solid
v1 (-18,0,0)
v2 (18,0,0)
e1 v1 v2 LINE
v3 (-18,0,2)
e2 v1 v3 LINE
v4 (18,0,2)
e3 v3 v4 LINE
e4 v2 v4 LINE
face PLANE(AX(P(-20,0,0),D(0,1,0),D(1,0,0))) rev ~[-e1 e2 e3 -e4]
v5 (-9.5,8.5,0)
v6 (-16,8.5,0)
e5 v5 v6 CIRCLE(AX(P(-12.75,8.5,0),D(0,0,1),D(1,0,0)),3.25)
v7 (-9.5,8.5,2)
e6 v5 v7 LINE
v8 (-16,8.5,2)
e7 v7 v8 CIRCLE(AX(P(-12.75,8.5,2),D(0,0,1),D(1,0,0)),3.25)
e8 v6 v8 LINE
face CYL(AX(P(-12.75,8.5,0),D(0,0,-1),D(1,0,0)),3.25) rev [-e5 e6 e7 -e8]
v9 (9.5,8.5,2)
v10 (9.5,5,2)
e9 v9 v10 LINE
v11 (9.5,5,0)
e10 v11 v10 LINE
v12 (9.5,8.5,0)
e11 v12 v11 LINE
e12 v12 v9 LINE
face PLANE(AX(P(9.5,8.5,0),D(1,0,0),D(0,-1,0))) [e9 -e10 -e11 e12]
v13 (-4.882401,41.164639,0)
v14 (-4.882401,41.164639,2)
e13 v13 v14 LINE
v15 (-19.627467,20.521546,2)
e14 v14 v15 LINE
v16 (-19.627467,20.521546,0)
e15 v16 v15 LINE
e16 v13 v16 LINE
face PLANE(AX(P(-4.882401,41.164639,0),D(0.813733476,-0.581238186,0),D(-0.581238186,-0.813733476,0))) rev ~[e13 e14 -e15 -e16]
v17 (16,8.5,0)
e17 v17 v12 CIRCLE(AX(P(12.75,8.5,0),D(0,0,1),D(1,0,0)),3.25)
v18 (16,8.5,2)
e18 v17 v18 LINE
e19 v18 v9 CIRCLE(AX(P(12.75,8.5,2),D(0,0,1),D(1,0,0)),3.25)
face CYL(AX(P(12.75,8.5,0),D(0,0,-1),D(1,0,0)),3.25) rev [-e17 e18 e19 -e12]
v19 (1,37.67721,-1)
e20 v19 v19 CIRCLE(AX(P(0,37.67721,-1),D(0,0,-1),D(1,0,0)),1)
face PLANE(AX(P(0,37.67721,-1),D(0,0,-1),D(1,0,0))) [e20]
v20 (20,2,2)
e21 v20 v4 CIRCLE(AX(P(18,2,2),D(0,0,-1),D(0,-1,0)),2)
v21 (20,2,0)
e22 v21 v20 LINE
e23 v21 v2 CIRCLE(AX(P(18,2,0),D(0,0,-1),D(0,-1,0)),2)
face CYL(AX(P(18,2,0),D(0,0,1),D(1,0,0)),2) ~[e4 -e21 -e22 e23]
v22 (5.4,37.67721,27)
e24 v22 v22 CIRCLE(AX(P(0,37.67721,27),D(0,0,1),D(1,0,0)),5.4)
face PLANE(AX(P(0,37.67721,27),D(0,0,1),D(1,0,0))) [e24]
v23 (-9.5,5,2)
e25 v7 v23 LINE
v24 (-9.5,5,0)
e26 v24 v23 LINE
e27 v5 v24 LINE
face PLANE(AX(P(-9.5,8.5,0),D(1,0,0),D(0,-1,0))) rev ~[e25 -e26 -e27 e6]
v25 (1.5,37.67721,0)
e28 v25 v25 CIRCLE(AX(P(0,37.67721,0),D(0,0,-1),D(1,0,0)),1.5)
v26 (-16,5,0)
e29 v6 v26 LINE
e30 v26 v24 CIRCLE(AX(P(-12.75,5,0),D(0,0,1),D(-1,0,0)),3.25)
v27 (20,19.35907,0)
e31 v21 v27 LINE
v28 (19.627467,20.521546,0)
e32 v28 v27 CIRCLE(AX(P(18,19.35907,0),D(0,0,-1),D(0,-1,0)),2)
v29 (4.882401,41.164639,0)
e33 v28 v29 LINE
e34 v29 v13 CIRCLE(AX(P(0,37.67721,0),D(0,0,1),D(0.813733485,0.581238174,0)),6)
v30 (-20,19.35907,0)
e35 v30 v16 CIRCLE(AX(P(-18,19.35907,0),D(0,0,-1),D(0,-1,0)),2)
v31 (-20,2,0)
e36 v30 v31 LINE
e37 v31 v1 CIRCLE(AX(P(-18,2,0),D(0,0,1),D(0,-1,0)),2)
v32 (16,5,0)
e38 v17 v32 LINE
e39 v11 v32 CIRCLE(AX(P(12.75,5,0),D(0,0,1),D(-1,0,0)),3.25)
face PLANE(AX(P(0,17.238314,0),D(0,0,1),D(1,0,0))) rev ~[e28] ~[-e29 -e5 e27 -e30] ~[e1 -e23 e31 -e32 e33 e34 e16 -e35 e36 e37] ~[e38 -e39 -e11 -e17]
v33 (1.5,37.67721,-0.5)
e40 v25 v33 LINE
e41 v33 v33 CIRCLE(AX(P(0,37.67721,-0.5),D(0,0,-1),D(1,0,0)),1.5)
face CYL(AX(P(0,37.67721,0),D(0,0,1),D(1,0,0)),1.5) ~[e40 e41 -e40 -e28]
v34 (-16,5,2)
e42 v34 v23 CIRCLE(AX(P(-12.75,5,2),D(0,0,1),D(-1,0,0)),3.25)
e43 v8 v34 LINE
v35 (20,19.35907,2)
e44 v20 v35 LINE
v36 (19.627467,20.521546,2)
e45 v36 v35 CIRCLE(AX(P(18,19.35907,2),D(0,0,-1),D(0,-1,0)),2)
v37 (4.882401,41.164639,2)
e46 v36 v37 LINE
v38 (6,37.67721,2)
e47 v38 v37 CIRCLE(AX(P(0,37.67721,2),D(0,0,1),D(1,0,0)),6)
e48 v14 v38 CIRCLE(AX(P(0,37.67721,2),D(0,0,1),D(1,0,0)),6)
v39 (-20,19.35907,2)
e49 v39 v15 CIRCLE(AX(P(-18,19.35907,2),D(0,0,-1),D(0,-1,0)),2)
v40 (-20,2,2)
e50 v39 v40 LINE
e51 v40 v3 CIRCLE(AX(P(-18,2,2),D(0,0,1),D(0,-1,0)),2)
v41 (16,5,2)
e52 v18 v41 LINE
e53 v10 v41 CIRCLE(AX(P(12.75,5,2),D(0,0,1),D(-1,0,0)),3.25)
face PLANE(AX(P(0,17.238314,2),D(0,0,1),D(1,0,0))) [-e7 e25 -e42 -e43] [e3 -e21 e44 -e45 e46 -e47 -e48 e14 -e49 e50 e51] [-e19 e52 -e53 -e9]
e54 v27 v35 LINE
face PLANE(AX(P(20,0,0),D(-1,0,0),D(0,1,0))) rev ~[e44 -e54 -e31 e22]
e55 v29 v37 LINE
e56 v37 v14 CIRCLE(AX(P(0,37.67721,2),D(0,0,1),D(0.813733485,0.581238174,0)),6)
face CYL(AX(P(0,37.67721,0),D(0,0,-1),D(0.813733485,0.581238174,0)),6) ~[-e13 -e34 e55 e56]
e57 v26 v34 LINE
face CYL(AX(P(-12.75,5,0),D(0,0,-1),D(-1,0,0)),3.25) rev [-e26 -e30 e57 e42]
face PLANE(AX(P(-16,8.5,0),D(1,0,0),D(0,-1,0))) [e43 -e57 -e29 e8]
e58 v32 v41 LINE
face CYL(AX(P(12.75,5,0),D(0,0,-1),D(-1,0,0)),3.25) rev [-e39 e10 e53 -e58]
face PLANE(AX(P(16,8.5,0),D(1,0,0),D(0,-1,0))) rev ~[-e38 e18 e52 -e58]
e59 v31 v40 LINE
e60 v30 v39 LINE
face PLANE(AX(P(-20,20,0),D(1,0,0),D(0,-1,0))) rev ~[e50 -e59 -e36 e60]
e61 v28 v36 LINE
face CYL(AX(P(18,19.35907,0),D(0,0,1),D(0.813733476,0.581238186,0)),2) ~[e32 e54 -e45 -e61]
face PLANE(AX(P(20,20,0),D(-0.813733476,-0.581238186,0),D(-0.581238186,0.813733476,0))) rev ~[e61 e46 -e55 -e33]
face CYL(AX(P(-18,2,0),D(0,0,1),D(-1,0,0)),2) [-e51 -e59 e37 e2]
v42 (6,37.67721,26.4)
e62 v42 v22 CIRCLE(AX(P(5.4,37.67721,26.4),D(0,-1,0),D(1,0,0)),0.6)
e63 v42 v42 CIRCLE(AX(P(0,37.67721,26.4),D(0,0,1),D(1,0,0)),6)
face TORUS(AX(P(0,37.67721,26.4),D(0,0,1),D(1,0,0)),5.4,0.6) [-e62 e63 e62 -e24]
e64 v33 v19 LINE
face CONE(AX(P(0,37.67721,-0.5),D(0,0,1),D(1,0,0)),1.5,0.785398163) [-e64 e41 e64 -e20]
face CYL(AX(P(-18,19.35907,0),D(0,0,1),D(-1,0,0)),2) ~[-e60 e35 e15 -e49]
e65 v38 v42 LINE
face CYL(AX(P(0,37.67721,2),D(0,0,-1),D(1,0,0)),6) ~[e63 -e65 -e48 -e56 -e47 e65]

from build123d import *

# Parameters (mm, degrees)
PAD_DEPTH    = 2
SKETCH001_R  = 6
PAD001_DEPTH = 25
SKETCH002_R  = 1.5
PAD002_DEPTH = 1
FILLET_R     = 2
FILLET001_R  = 0.6
CHAMFER_SIZE = 0.5


with BuildPart() as part:
    # Sketch → Pad (new body)
    with BuildSketch(Plane.XY):
        with BuildLine():
            Line((-20, 0), (20, 0))
            Line((20, 0), (20, 20))
            Line((20, 20), (4.882401, 41.164639))
            ThreePointArc((4.882401, 41.164639), (0, 43.67721), (-4.882401, 41.164639))
            Line((-4.882401, 41.164639), (-20, 20))
            Line((-20, 20), (-20, 0))
        make_face()
        with BuildLine():
            ThreePointArc((16, 8.5), (12.75, 11.75), (9.5, 8.5))
            Line((9.5, 8.5), (9.5, 5))
            ThreePointArc((9.5, 5), (12.75, 1.75), (16, 5))
            Line((16, 8.5), (16, 5))
        make_face(mode=Mode.SUBTRACT)
        with BuildLine():
            ThreePointArc((-9.5, 8.5), (-12.75, 11.75), (-16, 8.5))
            Line((-16, 8.5), (-16, 5))
            ThreePointArc((-16, 5), (-12.75, 1.75), (-9.5, 5))
            Line((-9.5, 8.5), (-9.5, 5))
        make_face(mode=Mode.SUBTRACT)
    extrude(amount=PAD_DEPTH)

    # Sketch001 (on Face16 of Pad) → Pad001 (join)
    with BuildSketch(Plane.XY.offset(2)):
        with Locations((0, 37.67721)):
            Circle(SKETCH001_R)
    extrude(amount=PAD001_DEPTH)

    # Sketch002 (on Face4 of Pad001) → Pad002 (join)
    with BuildSketch(Plane(origin=(0, 0, 0), x_dir=(1, 0, 0), z_dir=(0, 0, -1))):
        with Locations((0, -37.67721)):
            Circle(SKETCH002_R)
    extrude(amount=PAD002_DEPTH)

    # Fillet
    fillet_edges = [part.edges().sort_by_distance(p)[0] for p in [
        (20, 0, 1),
        (-20, 0, 1),
        (-20, 20, 1),
        (20, 20, 1),
    ]]
    fillet(fillet_edges, radius=FILLET_R)

    # Fillet001
    fillet001_edges = [part.edges().sort_by_distance(p)[0] for p in [
        (-6, 37.67721, 27),
    ]]
    fillet(fillet001_edges, radius=FILLET001_R)

    # Chamfer
    chamfer_edges = [part.edges().sort_by_distance(p)[0] for p in [
        (-1.5, 37.67721, -1),
    ]]
    chamfer(chamfer_edges, length=CHAMFER_SIZE)


solid = part.part
